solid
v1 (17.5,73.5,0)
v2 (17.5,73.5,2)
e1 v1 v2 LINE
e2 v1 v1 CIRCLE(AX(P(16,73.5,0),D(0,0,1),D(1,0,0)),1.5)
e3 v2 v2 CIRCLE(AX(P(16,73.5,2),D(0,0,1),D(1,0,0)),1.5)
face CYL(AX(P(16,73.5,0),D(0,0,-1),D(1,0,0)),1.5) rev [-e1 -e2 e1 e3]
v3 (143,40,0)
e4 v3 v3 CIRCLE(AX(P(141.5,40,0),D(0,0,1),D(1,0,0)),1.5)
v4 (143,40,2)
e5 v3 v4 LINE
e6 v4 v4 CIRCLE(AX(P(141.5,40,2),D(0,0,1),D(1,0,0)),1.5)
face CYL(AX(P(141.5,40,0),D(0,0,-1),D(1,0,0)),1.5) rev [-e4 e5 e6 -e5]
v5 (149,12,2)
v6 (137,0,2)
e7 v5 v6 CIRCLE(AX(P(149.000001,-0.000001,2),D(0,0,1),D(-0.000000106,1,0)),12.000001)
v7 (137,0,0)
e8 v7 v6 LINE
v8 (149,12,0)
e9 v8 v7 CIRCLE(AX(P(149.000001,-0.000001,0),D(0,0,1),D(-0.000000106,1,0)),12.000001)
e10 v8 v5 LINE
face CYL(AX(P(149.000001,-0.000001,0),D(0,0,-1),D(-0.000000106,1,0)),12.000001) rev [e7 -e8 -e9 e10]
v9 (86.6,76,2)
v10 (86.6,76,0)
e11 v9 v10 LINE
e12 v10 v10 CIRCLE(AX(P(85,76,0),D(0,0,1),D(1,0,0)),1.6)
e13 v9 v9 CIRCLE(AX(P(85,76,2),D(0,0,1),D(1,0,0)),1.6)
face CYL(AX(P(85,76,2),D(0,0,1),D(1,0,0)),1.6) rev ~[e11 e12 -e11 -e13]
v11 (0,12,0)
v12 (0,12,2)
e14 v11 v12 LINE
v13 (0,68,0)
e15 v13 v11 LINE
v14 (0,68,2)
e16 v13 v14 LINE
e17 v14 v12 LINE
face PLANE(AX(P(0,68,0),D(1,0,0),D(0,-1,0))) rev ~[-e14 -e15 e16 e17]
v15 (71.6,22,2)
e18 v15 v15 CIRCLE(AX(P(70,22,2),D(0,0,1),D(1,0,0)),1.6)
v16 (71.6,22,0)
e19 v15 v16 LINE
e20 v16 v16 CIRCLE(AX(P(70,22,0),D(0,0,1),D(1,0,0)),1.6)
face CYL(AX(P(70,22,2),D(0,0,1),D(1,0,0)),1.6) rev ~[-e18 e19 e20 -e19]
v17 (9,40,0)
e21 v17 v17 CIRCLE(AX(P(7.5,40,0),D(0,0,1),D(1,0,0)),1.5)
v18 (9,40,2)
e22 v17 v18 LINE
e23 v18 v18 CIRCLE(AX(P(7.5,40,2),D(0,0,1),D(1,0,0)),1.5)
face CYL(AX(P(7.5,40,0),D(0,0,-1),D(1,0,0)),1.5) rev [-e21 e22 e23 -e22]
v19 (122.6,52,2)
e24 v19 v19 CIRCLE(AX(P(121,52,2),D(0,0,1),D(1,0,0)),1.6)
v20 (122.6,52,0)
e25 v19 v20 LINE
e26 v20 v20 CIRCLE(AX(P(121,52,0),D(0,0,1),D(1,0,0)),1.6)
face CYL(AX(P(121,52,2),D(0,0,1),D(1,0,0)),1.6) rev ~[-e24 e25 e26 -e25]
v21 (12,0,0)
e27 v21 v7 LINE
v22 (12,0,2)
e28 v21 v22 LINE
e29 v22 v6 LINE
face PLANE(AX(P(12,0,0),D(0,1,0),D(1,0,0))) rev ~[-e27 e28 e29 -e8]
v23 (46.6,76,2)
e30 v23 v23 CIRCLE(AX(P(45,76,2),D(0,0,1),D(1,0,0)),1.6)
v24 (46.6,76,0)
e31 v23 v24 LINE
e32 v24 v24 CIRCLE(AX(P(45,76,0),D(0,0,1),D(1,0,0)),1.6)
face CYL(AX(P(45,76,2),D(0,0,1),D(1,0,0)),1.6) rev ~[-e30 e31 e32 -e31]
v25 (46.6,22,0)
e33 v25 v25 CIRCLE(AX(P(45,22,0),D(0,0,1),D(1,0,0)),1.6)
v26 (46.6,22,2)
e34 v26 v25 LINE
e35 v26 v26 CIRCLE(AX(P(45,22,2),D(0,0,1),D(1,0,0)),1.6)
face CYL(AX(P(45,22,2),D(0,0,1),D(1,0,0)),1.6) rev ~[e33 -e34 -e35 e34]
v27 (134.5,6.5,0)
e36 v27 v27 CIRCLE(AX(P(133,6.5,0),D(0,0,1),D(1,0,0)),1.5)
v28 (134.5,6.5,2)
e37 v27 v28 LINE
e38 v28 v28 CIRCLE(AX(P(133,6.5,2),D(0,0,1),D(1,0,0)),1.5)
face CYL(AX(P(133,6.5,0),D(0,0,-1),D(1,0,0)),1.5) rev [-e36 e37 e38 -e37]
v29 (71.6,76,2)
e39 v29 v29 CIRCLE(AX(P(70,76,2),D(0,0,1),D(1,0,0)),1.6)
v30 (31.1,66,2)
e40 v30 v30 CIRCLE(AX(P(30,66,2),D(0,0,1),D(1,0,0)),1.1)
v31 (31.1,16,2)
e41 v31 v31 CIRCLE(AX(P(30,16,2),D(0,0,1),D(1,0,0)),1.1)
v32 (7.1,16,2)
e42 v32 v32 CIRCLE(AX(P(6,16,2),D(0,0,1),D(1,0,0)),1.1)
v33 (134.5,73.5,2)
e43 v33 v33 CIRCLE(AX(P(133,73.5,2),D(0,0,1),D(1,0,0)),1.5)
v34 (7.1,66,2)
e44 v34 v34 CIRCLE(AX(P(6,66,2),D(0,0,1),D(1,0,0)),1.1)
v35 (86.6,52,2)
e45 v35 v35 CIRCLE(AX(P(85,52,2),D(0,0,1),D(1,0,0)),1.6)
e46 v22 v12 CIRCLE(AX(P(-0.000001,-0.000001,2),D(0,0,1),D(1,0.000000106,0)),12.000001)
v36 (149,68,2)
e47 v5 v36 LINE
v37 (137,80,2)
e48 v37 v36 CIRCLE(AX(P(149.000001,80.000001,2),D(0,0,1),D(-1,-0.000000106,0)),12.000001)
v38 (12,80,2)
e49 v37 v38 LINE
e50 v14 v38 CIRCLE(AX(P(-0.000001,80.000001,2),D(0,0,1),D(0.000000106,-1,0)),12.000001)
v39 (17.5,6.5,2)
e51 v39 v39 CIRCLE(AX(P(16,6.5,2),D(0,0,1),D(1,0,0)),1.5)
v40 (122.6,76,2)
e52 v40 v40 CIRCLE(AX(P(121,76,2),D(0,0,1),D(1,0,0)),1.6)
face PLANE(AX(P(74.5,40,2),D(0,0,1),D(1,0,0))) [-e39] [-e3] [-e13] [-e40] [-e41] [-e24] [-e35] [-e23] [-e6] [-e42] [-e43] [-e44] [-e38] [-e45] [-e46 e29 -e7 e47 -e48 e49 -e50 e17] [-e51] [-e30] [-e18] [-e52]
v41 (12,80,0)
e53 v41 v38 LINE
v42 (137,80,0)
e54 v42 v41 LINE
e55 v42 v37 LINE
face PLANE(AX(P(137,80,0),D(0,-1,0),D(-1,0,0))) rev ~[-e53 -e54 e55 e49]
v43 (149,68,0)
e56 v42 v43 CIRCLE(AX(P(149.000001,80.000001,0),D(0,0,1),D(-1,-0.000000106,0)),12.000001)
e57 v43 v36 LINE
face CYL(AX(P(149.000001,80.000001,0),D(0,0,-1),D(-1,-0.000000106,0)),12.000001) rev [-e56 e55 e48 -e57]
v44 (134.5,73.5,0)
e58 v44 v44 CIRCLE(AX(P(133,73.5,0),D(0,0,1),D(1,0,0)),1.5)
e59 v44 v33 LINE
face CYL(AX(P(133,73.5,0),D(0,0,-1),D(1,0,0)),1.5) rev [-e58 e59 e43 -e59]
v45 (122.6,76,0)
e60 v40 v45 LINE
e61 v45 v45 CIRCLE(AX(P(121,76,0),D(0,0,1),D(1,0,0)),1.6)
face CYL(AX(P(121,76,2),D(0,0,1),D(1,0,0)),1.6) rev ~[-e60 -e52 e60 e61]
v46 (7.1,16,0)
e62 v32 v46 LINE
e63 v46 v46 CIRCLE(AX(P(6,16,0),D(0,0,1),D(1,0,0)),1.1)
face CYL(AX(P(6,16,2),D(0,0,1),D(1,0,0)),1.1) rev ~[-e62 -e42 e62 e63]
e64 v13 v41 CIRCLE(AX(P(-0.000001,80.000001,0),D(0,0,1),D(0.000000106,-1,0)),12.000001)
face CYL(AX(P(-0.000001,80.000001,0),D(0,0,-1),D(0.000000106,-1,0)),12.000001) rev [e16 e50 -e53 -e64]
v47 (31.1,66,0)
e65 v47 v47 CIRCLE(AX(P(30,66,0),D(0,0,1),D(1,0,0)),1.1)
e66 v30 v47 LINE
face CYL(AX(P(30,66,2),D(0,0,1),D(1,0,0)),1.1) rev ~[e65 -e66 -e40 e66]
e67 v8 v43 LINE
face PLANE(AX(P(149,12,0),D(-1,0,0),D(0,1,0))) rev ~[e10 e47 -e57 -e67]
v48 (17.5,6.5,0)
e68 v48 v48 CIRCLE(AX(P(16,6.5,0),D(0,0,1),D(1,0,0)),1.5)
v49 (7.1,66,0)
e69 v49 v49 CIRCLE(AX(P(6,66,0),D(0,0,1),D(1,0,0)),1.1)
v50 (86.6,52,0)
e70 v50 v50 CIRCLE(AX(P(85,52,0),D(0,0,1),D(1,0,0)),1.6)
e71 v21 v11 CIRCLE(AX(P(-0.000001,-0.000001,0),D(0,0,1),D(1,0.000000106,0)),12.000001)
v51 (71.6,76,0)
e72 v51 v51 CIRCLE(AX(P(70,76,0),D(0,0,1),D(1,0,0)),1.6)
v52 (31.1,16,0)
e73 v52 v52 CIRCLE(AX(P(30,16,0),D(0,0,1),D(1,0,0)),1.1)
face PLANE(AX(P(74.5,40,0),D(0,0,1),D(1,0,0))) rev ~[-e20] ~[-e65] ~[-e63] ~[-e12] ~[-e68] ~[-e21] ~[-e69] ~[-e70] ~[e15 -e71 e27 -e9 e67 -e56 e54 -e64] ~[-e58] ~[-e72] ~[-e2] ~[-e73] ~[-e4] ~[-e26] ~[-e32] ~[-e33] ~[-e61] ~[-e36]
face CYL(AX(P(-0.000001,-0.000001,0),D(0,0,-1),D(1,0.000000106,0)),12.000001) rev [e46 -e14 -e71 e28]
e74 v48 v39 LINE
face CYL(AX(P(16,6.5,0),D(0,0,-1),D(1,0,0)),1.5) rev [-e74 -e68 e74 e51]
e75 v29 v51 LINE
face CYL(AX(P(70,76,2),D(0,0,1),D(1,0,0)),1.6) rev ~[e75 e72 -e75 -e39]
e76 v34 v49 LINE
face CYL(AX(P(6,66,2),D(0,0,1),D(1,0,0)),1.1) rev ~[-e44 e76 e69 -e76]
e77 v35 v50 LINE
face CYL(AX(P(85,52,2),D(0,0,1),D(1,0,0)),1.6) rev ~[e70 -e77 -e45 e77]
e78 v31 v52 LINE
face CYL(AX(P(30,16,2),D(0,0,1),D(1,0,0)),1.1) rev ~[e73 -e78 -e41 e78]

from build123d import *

# Parameters (mm, degrees)
SKETCH_R      = 1.5
PAD_DEPTH     = 2
SKETCH001_R   = 1.1
SKETCH001_R_2 = 1.6
POCKET_DEPTH  = 2.001


with BuildPart() as part:
    # Sketch → Pad (new body)
    with BuildSketch(Plane.XY):
        with BuildLine():
            Line((0, 68), (0, 12))
            ThreePointArc((12, 0), (8.485281, 8.485281), (0, 12))
            Line((12, 0), (137, 0))
            ThreePointArc((149, 12), (140.514719, 8.485281), (137, 0))
            Line((149, 12), (149, 68))
            ThreePointArc((137, 80), (140.514719, 71.514719), (149, 68))
            Line((137, 80), (12, 80))
            ThreePointArc((0, 68), (8.485281, 71.514719), (12, 80))
        make_face()
        with Locations((16, 73.5)):
            Circle(SKETCH_R, mode=Mode.SUBTRACT)
        with Locations((7.5, 40)):
            Circle(SKETCH_R, mode=Mode.SUBTRACT)
        with Locations((16, 6.5)):
            Circle(SKETCH_R, mode=Mode.SUBTRACT)
        with Locations((133, 6.5)):
            Circle(SKETCH_R, mode=Mode.SUBTRACT)
        with Locations((141.5, 40)):
            Circle(SKETCH_R, mode=Mode.SUBTRACT)
        with Locations((133, 73.5)):
            Circle(SKETCH_R, mode=Mode.SUBTRACT)
    extrude(amount=PAD_DEPTH)

    # Sketch001 (on Face16 of Pad) → Pocket (cut, through all)
    with BuildSketch(Plane.XY.offset(2)):
        with Locations((6, 66)):
            Circle(SKETCH001_R)
        with Locations((30, 66)):
            Circle(SKETCH001_R)
        with Locations((30, 16)):
            Circle(SKETCH001_R)
        with Locations((6, 16)):
            Circle(SKETCH001_R)
        with Locations((45, 22)):
            Circle(SKETCH001_R_2)
        with Locations((70, 22)):
            Circle(SKETCH001_R_2)
        with Locations((70, 76)):
            Circle(SKETCH001_R_2)
        with Locations((45, 76)):
            Circle(SKETCH001_R_2)
        with Locations((85, 76)):
            Circle(SKETCH001_R_2)
        with Locations((85, 52)):
            Circle(SKETCH001_R_2)
        with Locations((121, 52)):
            Circle(SKETCH001_R_2)
        with Locations((121, 76)):
            Circle(SKETCH001_R_2)
    extrude(amount=-POCKET_DEPTH, mode=Mode.SUBTRACT)


solid = part.part
